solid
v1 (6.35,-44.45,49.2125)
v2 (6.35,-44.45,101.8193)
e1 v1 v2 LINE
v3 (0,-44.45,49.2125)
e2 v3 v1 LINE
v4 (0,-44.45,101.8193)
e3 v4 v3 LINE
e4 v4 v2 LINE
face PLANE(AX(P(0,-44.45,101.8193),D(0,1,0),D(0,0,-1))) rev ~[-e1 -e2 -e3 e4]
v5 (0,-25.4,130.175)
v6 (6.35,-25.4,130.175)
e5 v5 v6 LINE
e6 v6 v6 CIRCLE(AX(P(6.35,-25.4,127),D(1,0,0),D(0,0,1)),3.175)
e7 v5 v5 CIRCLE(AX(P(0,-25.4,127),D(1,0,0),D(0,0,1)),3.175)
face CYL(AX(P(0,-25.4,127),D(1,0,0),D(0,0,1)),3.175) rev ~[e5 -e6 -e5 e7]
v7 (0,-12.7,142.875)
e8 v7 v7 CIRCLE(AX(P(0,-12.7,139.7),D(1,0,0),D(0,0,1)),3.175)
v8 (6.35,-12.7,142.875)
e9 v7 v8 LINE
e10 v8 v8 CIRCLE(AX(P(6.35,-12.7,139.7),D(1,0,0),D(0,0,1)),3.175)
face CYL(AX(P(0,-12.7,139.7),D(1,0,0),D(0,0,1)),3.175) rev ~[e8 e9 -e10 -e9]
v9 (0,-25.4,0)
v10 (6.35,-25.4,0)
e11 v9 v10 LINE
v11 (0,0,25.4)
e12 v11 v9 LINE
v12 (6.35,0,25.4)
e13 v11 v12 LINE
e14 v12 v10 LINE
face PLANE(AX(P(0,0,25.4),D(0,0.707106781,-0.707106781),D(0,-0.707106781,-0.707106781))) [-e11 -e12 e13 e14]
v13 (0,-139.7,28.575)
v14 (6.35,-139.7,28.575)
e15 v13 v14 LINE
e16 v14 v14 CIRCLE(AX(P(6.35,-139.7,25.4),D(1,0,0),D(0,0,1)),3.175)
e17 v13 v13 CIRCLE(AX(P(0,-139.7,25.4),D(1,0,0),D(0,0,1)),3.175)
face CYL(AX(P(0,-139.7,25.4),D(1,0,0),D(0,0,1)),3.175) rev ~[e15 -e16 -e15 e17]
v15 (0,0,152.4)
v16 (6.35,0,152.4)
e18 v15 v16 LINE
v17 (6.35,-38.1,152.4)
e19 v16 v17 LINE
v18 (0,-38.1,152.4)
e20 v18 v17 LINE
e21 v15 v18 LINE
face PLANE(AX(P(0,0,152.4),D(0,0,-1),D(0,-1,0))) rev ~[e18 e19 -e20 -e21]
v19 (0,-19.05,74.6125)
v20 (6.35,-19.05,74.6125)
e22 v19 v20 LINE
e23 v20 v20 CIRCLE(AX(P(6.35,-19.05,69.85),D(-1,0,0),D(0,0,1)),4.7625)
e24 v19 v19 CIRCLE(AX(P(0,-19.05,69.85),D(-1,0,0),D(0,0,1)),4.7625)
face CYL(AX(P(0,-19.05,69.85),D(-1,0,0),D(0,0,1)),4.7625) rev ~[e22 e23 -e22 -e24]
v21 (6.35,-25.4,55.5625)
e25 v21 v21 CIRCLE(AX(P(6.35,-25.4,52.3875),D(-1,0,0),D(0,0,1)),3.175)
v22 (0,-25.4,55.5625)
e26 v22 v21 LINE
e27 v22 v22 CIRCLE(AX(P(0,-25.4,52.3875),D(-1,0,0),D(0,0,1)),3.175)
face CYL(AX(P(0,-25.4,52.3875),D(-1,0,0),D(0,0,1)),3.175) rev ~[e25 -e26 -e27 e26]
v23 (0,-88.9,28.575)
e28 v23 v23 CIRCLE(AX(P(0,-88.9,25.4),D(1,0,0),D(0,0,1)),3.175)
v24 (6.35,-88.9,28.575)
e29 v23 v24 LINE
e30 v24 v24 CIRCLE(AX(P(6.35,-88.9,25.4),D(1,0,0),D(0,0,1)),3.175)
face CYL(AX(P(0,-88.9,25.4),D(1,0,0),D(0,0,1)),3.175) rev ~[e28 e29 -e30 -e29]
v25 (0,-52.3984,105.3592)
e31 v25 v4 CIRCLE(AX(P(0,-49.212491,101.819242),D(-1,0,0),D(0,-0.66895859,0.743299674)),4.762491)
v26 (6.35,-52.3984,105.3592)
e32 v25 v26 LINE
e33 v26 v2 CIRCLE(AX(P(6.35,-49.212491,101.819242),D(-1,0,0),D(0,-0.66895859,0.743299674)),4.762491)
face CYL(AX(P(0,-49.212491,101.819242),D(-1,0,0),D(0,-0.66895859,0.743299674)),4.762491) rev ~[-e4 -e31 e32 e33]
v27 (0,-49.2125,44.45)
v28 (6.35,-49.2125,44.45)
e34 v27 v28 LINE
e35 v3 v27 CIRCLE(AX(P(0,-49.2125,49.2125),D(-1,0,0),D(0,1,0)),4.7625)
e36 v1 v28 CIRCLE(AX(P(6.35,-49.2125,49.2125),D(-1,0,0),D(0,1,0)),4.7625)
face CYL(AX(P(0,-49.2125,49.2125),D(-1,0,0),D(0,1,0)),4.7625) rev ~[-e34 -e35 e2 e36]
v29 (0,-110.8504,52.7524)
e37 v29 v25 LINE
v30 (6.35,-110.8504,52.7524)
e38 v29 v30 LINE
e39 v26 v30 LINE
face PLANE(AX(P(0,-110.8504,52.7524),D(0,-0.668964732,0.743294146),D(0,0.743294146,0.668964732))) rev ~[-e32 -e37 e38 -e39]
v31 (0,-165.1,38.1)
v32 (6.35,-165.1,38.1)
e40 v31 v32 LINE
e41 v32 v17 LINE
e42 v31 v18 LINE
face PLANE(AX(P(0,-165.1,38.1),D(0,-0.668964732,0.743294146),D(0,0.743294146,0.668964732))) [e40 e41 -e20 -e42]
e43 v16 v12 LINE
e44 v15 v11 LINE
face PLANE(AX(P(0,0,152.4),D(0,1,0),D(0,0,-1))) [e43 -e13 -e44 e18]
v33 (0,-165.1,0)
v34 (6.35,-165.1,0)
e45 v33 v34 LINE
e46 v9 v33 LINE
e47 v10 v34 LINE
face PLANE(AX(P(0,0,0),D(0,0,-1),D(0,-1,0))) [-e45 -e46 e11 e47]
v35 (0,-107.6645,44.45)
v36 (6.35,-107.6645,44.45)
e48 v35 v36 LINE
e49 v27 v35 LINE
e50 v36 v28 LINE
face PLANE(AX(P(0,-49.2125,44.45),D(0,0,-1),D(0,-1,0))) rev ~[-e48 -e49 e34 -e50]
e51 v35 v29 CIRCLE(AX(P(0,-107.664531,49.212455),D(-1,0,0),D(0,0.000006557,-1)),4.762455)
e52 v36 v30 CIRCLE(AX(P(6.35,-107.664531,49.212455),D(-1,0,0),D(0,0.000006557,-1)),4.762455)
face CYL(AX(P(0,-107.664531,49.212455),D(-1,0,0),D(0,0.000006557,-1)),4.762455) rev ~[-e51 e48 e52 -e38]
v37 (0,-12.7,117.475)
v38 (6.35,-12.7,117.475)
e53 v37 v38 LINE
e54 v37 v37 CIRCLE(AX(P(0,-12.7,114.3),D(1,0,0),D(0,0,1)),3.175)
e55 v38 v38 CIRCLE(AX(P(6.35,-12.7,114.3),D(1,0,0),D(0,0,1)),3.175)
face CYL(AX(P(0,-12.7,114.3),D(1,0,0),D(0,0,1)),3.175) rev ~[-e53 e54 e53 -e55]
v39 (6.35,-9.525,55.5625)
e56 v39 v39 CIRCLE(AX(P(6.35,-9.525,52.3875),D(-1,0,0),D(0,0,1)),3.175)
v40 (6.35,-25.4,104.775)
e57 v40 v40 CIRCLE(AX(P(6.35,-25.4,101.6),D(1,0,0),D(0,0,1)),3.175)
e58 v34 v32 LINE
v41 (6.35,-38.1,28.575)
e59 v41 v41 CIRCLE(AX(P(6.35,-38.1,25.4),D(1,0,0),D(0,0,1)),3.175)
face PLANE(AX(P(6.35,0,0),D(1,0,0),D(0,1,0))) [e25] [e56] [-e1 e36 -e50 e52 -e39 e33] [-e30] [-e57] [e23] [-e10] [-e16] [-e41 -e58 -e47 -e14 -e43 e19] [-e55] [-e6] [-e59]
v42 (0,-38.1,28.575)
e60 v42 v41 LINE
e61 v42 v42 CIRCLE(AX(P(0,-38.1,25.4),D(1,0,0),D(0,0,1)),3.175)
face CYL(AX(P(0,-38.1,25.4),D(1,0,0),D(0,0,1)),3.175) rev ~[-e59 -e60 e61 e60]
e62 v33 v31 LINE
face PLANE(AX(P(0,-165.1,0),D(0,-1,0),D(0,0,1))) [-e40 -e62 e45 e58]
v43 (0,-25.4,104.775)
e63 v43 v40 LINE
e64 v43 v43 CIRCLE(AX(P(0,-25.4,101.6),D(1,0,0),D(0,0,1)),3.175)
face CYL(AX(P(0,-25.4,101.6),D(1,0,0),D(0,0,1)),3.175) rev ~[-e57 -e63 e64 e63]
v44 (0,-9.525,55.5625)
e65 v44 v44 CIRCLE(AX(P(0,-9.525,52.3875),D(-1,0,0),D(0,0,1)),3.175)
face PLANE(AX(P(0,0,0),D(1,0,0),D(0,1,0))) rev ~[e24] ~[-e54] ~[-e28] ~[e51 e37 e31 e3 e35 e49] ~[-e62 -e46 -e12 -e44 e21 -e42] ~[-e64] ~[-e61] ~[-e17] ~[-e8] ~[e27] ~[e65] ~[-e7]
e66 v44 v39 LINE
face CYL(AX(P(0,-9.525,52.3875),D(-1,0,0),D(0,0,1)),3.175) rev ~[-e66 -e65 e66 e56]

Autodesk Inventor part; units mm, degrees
ref_plane "YZ Plane" through (0, 0, 0) normal (1, 0, 0) x (0, 1, 0)
ref_plane "XZ Plane" through (0, 0, 0) normal (0, 1, 0) x (-1, 0, 0)
ref_plane "XY Plane" through (0, 0, 0) normal (0, 0, 1) x (1, 0, 0)
sketch "Sketch1" plane through (0, 0, 0) normal (1, 0, 0) x (0, 1, 0)
  line L0 (0, 0) -> (-165.1, 0) construction
  line L1 (-165.1, 0) -> (-165.1, 152.4) construction
  line L2 (-165.1, 152.4) -> (0, 152.4) construction
  line L3 (0, 152.4) -> (0, 0) construction
  line L4 (0, 152.4) -> (-38.1, 152.4)
  line L5 (-165.1, 0) -> (-165.1, 38.1)
  line L6 (-165.1, 38.1) -> (-38.1, 152.4)
  line L7 (0, 152.4) -> (0, 0)
  line L8 (0, 0) -> (-165.1, 0)
  dimension "d0" = 165.1
  dimension "d1" = 152.4
  dimension "d2" = 38.1
  dimension "d3" = 38.1
extrude "Extrusion1" add sketch "Sketch1" along normal blind 6.35
sketch "Sketch2" plane through (0, 0, 0) normal (-1, 0, 0) x (0, 0, 1)
  line L0 (0, -165.1) -> (0, 0) projected
  line L1 (38.1, -165.1) -> (0, -165.1) projected
  point P0 (25.4, -139.7)
  point P1 (25.4, -88.9)
  point P2 (25.4, -38.1)
  dimension "d6" = 25.4
  dimension "d7" = 25.4
  dimension "d8" = 25.4
  dimension "d9" = 25.4
  dimension "d10" = 50.8
  dimension "d11" = 50.8
hole "Hole1" at (0, -139.7, 25.4) at (0, -88.9, 25.4) at (0, -38.1, 25.4) direction (1, 0, 0) diameter 6.35 end through all
sketch "Sketch3" plane through (0, 0, 0) normal (-1, 0, 0) x (0, 0, 1)
  line L0 (0, -165.1) -> (0, 0) projected
  line L1 (0, 0) -> (25.4, 0)
  line L2 (0, 0) -> (152.4, 0) projected
  line L3 (25.4, 0) -> (0, -25.4)
  line L4 (0, -165.1) -> (0, 0) projected
  line L5 (0, -25.4) -> (0, 0)
  dimension "d19" = 25.4
  dimension "d20" = 45
extrude "Extrusion2" cut sketch "Sketch3" against normal blind 6.35
sketch "Sketch4" plane through (0, 0, 0) normal (-1, 0, 0) x (0, 0, 1)
  line L0 (152.4, 0) -> (152.4, -38.1) projected
  line L1 (25.4, 0) -> (152.4, 0) projected
  point P0 (0, 0)
  point P1 (139.7, -12.7)
  point P2 (127, -25.4)
  point P3 (114.3, -12.7)
  point P4 (101.6, -25.4)
  dimension "d23" = 12.7
  dimension "d24" = 12.7
  dimension "d25" = 25.4
  dimension "d26" = 25.4
  dimension "d27" = 12.7
  dimension "d28" = 38.1
  dimension "d29" = 50.8
  dimension "d30" = 25.4
hole "Hole2" at (0, -12.7, 139.7) at (0, -25.4, 127) at (0, -12.7, 114.3) at (0, -25.4, 101.6) direction (1, 0, 0) diameter 6.35 end through all
sketch "Sketch5" plane through (0, 0, 0) normal (-1, 0, 0) x (0, 0, 1)
  line L0 (0, -165.1) -> (0, -25.4) projected
  line L1 (25.4, 0) -> (152.4, 0) projected
  circle A0 centre (69.85, -19.05) radius 4.7625
  circle A1 centre (52.3875, -25.4) radius 3.175
  circle A2 centre (52.3875, -9.525) radius 3.175
  point P0 (0, 0)
  dimension "d38" = 52.3875
  dimension "d39" = 52.3875
  dimension "d40" = 69.85
  dimension "d41" = 19.05
  dimension "d42" = 9.525
  dimension "d43" = 25.4
  dimension "d44" = 9.525
  dimension "d45" = 6.35
  dimension "d46" = 6.35
extrude "Extrusion3" cut sketch "Sketch5" against normal blind 6.35
sketch "Sketch6" plane through (0, 0, 0) normal (-1, 0, 0) x (0, 0, 1)
  circle A0 centre (52.3875, -9.525) radius 3.175 projected
  circle A1 centre (52.3875, -25.4) radius 3.175 projected
  circle A2 centre (69.85, -19.05) radius 4.7625 projected
  circle A3 centre (114.3, -12.7) radius 3.175 projected
  circle A4 centre (139.7, -12.7) radius 3.175 projected
  circle A5 centre (127, -25.4) radius 3.175 projected
  circle A6 centre (101.6, -25.4) radius 3.175 projected
  line L0 (25.4, 0) -> (0, -25.4) projected
  line L1 (0, -165.1) -> (0, -25.4) projected
  line L2 (38.1, -165.1) -> (0, -165.1) projected
  line L3 (152.4, -38.1) -> (38.1, -165.1) projected
  line L4 (152.4, 0) -> (152.4, -38.1) projected
  line L5 (25.4, 0) -> (152.4, 0) projected
  circle A7 centre (25.4, -38.1) radius 3.175 projected
  circle A8 centre (25.4, -139.7) radius 3.175 projected
  circle A9 centre (25.4, -88.9) radius 3.175 projected
  line L6 (101.8193, -44.45) -> (49.2125, -44.45)
  line L7 (44.45, -49.2125) -> (44.45, -107.6645)
  line L8 (52.7524, -110.8504) -> (105.3592, -52.3984)
  line L9 (152.4, -38.1) -> (38.1, -38.1) construction
  line L10 (38.1, -38.1) -> (38.1, -165.1) construction
  line L11 (38.1, -165.1) -> (152.4, -165.1) construction
  line L12 (152.4, -165.1) -> (152.4, -38.1) construction
  arc A10 (105.3592, -52.3984) -> (101.8193, -44.45) centre (101.8193, -49.2125) ccw
  arc A11 (49.2125, -44.45) -> (44.45, -49.2125) centre (49.2125, -49.2125) ccw
  arc A12 (44.45, -107.6645) -> (52.7524, -110.8504) centre (49.2125, -107.6645) ccw
  point P0 (0, 0)
  dimension "d49" = 6.35
  dimension "d50" = 6.35
  dimension "d52" = 25.4
  dimension "d53" = 4.7625
extrude "Extrusion4" cut sketch "Sketch6" against normal blind 25.4 contours A10 L8 A12 L7 A11 L6
properties part number "mounting bracket" material "Aluminum 6061"
